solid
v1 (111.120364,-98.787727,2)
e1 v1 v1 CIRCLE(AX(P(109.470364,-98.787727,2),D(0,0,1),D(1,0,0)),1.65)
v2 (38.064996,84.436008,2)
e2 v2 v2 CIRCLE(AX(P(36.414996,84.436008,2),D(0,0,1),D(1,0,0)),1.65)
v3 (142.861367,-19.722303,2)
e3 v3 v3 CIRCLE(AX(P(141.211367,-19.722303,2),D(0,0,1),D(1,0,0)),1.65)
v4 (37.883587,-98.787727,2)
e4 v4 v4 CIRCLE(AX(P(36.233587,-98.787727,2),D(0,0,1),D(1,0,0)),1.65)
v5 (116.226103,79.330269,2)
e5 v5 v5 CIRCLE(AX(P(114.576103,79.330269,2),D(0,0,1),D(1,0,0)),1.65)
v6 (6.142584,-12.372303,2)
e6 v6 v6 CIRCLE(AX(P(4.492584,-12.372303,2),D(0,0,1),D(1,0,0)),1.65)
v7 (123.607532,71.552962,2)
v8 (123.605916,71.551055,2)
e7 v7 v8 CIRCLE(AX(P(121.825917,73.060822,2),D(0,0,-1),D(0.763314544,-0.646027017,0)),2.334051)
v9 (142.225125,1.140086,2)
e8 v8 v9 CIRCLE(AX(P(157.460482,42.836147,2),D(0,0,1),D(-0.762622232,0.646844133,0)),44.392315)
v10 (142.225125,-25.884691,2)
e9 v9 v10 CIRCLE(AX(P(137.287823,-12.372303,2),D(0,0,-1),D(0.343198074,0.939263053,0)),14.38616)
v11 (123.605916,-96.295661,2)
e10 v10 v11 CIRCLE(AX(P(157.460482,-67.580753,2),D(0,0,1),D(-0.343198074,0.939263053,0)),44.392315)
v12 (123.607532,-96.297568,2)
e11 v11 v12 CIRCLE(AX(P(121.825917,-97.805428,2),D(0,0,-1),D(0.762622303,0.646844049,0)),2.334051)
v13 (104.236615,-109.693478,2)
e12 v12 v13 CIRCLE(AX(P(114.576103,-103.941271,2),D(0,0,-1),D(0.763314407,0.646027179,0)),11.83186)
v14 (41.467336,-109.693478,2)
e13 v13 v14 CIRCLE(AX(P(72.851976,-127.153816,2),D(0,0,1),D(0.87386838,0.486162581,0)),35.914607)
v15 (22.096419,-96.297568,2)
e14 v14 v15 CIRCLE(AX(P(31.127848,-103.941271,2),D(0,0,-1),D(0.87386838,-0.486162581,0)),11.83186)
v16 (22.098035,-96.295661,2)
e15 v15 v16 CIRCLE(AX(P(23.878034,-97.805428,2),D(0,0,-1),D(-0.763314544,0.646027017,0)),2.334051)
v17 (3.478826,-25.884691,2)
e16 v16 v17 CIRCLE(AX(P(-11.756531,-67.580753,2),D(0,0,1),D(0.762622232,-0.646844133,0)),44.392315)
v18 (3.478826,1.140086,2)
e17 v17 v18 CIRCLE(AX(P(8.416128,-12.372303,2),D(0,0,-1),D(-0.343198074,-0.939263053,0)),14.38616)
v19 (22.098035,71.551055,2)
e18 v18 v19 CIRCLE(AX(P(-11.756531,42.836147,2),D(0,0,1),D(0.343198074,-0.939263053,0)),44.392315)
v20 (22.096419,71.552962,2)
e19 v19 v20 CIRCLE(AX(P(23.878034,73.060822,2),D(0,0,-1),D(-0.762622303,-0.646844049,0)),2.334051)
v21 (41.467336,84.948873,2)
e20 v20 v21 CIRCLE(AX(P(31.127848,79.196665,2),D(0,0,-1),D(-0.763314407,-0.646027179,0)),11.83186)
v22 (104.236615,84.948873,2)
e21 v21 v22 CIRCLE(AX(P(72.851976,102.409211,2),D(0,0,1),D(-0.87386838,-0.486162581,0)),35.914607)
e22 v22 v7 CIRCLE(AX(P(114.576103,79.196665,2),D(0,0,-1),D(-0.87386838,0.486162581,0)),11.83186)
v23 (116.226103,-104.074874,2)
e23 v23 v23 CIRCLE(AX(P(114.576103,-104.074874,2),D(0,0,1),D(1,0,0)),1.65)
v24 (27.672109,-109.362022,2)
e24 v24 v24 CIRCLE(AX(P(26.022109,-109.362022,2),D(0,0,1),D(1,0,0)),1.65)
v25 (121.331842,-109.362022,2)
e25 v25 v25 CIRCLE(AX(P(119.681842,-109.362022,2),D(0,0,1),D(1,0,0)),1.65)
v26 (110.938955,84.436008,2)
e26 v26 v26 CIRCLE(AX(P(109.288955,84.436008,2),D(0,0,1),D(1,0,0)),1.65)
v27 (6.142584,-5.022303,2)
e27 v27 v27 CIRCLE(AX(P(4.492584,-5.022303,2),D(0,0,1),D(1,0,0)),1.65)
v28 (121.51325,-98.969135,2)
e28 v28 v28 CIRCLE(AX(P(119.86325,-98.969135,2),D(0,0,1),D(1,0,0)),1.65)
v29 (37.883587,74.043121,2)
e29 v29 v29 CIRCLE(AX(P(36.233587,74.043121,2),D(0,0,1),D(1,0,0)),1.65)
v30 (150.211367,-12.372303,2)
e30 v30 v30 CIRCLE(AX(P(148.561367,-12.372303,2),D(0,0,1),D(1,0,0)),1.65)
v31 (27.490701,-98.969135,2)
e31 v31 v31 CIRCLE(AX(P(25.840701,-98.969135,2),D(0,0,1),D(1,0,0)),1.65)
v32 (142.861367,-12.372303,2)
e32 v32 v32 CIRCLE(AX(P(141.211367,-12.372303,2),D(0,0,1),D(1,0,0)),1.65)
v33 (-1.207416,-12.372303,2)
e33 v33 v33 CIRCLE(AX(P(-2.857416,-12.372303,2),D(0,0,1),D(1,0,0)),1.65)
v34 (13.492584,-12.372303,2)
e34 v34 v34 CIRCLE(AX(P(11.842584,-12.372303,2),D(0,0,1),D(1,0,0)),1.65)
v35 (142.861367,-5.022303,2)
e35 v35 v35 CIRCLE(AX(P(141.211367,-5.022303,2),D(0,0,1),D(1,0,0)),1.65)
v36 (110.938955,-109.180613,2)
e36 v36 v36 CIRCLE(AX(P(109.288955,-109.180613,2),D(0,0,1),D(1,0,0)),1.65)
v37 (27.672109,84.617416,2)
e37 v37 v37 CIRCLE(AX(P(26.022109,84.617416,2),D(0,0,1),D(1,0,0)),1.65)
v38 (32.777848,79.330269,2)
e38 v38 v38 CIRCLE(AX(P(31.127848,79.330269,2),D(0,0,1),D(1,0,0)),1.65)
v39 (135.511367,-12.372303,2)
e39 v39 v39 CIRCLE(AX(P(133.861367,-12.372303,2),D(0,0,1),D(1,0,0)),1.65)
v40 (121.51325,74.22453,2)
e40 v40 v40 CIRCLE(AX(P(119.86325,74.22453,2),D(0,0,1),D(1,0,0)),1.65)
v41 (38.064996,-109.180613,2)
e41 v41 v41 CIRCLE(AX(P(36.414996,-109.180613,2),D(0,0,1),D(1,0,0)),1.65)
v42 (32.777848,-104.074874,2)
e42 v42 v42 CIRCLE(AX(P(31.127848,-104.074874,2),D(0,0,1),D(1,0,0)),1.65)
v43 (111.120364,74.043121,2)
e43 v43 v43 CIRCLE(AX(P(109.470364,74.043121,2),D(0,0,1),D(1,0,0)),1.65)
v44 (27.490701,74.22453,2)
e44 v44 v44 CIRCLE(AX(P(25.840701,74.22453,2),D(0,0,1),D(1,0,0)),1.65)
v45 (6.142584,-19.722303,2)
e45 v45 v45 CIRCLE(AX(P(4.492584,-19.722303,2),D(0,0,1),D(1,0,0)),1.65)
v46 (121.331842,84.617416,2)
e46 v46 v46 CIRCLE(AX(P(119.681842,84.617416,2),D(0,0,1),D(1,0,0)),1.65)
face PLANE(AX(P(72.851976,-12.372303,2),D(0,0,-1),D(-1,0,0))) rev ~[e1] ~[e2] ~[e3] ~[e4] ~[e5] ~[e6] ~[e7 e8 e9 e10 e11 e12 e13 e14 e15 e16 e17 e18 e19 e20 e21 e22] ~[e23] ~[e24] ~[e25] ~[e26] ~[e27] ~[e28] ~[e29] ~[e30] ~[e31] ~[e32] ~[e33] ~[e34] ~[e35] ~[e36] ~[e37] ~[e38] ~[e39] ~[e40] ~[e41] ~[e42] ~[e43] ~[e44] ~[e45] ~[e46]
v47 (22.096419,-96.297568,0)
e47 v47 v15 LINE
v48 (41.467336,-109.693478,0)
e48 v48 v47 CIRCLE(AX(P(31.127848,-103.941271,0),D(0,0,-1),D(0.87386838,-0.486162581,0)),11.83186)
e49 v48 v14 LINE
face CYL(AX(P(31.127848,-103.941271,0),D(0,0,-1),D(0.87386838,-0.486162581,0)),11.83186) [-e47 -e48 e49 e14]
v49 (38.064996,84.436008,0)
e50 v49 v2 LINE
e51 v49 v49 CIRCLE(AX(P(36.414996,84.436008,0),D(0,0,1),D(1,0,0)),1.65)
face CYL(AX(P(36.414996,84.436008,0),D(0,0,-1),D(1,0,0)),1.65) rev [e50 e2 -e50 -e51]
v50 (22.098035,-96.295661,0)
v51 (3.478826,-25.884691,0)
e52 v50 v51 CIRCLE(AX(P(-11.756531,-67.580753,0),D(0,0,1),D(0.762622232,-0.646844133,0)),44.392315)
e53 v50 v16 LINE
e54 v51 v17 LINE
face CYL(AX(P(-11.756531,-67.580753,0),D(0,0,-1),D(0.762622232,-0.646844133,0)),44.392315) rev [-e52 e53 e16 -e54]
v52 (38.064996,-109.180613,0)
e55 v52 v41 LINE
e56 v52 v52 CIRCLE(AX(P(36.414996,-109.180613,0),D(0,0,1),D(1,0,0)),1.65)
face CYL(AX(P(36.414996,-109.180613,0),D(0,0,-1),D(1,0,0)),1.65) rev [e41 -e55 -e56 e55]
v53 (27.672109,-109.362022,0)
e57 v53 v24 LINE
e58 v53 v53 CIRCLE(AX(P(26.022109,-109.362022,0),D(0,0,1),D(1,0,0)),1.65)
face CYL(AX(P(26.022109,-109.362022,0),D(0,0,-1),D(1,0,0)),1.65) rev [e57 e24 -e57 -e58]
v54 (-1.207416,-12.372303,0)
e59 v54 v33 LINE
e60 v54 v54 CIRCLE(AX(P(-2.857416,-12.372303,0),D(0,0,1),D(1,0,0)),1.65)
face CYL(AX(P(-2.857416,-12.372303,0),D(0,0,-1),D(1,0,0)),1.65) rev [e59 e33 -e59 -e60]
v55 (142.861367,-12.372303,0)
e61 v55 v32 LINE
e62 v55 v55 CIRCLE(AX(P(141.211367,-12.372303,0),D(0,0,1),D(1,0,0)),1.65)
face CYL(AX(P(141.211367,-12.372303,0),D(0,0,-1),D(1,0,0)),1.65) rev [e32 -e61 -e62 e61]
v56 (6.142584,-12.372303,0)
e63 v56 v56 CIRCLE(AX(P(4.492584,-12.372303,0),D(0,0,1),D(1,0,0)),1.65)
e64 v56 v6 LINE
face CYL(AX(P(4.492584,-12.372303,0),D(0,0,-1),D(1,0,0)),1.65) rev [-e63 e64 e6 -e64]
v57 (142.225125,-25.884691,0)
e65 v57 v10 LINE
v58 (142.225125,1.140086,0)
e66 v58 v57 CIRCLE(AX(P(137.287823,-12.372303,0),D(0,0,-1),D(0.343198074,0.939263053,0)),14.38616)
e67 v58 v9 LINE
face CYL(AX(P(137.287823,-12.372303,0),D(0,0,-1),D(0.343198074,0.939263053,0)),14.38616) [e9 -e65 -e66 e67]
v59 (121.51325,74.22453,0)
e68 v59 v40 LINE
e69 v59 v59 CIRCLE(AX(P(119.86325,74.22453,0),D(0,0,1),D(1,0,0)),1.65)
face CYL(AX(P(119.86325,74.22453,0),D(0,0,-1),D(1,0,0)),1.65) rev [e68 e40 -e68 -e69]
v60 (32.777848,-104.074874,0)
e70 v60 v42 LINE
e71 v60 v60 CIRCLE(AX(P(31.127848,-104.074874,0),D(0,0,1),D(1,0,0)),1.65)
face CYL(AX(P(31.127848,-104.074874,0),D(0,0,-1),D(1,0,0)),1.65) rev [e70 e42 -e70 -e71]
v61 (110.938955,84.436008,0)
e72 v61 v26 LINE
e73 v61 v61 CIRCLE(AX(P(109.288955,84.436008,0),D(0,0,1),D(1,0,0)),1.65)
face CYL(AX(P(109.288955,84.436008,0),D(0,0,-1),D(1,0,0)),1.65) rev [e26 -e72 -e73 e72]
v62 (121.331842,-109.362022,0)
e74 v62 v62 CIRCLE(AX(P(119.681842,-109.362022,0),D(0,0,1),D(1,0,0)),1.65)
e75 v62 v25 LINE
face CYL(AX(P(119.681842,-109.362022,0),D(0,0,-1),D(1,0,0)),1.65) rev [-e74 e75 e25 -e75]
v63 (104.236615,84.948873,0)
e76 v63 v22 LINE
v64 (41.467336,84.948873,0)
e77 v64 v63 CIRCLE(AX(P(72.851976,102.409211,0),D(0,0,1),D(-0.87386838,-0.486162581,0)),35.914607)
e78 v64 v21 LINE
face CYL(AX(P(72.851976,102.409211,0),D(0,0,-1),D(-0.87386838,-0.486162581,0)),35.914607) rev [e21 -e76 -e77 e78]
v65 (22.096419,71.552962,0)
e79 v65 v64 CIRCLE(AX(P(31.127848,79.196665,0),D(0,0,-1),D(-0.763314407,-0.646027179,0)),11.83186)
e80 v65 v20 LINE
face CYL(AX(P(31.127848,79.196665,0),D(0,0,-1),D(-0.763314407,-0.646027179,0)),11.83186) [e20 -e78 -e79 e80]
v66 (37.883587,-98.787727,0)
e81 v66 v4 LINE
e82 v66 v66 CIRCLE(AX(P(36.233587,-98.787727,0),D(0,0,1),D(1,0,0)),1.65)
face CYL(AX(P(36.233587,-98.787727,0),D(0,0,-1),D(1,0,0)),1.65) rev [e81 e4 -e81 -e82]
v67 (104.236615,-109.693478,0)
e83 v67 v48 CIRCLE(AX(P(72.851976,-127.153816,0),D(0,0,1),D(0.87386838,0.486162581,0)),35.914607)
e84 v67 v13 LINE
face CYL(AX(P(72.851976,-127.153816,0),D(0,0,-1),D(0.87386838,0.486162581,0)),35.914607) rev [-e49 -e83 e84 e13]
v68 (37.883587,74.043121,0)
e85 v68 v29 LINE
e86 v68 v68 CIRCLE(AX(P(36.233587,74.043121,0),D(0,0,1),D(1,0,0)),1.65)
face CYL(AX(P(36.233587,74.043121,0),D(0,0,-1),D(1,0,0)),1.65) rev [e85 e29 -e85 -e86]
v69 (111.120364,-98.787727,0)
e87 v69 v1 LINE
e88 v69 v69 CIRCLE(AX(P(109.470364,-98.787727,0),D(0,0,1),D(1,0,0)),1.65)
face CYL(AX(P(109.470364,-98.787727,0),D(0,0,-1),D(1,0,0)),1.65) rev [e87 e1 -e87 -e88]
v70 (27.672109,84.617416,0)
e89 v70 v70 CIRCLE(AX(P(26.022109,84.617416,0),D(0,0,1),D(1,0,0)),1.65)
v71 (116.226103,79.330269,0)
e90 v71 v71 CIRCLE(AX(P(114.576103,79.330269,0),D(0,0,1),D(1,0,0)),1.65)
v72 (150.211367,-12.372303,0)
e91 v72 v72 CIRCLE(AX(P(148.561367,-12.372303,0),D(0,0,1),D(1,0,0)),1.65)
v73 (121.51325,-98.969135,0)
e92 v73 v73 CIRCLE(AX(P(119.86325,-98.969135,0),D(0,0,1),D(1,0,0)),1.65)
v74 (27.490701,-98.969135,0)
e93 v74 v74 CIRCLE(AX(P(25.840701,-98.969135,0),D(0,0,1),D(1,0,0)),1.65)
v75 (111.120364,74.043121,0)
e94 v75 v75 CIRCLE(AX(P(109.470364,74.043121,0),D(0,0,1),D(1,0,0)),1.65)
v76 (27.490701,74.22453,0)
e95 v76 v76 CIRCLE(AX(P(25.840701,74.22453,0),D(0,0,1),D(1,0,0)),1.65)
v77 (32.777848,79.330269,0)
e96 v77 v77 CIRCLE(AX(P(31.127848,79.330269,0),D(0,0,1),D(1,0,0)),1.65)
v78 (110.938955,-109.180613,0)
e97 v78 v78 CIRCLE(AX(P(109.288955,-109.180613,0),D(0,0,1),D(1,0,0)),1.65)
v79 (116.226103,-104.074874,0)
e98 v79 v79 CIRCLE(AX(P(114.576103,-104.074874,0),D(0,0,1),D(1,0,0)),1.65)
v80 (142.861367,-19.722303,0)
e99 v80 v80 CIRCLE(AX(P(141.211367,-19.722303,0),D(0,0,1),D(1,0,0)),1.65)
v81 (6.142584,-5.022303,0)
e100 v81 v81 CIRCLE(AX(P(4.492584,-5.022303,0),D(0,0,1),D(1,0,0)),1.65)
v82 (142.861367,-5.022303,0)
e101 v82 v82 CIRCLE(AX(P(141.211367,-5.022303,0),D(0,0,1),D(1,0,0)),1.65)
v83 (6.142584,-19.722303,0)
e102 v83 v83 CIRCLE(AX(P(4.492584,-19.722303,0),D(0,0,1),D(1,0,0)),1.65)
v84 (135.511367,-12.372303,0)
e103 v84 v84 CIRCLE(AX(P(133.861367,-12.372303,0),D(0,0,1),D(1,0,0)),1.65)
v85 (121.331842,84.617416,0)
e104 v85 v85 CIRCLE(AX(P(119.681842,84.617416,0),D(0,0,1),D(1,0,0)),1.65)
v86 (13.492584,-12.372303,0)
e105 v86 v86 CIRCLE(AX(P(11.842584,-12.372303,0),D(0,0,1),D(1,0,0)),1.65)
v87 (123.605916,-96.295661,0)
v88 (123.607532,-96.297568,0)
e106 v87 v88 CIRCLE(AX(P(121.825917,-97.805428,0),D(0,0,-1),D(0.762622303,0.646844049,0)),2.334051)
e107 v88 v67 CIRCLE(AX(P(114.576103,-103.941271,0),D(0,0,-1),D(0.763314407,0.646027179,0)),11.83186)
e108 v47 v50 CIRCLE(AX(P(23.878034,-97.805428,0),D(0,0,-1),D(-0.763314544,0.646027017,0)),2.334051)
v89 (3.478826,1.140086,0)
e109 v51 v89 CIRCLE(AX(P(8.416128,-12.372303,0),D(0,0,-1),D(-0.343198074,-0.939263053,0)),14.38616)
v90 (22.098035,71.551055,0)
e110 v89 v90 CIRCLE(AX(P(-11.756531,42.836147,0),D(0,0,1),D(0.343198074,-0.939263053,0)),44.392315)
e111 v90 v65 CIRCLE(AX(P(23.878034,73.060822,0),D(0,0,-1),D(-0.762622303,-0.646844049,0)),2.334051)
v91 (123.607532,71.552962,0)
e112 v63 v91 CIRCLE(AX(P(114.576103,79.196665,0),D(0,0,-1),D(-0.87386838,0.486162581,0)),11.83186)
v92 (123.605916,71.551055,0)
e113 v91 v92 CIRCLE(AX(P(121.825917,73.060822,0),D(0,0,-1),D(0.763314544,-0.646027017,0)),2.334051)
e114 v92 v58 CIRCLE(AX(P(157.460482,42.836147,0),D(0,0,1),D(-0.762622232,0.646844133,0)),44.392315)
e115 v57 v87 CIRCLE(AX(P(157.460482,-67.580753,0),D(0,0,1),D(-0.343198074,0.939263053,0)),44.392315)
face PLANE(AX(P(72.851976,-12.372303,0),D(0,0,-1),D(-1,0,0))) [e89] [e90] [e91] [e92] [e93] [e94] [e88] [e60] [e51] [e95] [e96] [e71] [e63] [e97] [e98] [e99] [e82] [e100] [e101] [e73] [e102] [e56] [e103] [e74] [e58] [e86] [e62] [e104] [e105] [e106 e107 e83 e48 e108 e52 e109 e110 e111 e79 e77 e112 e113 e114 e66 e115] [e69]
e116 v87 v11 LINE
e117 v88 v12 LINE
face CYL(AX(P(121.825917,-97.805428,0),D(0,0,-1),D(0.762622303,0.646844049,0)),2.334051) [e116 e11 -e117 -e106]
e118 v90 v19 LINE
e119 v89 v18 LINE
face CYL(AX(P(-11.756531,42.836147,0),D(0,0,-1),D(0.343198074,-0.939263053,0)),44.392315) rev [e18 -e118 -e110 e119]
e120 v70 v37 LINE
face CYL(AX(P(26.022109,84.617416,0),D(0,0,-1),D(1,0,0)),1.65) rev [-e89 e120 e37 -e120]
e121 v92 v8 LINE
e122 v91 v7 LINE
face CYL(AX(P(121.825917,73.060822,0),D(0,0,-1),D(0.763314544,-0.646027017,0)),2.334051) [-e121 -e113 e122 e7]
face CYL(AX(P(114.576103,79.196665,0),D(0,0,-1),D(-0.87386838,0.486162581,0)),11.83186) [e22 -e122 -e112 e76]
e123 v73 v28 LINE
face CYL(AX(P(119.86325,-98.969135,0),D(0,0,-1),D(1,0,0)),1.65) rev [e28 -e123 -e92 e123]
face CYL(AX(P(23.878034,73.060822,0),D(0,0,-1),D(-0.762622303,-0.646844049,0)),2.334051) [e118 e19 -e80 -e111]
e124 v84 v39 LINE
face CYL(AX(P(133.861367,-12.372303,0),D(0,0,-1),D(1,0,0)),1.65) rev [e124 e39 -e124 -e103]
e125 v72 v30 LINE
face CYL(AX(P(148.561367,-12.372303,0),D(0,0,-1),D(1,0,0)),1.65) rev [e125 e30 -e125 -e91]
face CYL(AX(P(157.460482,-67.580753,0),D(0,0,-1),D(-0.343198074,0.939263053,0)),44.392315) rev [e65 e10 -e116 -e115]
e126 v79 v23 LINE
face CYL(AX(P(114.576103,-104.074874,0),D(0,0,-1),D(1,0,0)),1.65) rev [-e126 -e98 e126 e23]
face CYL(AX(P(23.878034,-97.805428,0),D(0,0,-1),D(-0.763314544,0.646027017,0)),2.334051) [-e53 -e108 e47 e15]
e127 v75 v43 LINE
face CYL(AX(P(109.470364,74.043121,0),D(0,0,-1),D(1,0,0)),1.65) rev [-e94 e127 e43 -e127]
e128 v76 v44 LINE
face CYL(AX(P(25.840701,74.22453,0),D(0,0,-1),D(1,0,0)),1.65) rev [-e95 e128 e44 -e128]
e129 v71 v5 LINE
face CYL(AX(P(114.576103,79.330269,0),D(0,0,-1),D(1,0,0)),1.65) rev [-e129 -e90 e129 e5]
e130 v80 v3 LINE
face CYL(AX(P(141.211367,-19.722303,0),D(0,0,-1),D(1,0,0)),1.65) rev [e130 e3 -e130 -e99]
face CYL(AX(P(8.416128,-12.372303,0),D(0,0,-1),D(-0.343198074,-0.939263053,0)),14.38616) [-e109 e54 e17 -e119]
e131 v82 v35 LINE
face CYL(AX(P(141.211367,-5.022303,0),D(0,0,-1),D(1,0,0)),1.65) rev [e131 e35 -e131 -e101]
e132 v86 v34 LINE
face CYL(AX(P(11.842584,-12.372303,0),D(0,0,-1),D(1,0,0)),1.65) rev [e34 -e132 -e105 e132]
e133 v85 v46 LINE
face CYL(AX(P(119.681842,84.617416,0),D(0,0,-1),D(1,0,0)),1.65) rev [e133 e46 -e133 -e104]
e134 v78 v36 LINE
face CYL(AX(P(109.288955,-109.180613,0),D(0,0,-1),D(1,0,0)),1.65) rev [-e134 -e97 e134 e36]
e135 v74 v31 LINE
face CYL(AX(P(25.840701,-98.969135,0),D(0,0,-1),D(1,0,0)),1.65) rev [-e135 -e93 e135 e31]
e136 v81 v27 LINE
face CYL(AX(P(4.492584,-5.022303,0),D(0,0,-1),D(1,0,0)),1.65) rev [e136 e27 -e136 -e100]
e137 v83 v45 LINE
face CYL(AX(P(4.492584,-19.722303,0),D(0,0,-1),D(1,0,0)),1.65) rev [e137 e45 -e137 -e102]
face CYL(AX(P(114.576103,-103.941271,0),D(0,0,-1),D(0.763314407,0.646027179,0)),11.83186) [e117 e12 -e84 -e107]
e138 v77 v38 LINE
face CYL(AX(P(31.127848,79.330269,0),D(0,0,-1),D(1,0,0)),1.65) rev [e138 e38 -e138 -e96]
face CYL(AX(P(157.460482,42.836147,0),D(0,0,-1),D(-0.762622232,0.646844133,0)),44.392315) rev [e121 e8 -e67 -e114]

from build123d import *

# Parameters (mm, degrees)
SKETCH_1_R      = 1.65
EXTRUDE_1_DEPTH = 2


with BuildPart() as part:
    # 草图1 → 凸台-拉伸1 (new body)
    with BuildSketch(Plane.XY):
        with BuildLine():
            ThreePointArc((3.478825803, 1.140085793), (31.160613474, 31.487300358), (22.098035111, 71.551055473))
            ThreePointArc((22.098035111, 71.551055473), (22.097226992, 71.552008754), (22.096419384, 71.552962467))
            ThreePointArc((22.096419384, 71.552962467), (24.398037137, 88.92818843), (41.467336112, 84.948872654))
            ThreePointArc((41.467336112, 84.948872654), (72.85197551, 66.494603701), (104.236614907, 84.948872654))
            ThreePointArc((104.236614907, 84.948872654), (121.305913882, 88.92818843), (123.607531636, 71.552962467))
            ThreePointArc((123.607531636, 71.552962467), (123.606724028, 71.552008754), (123.605915909, 71.551055473))
            ThreePointArc((123.605915909, 71.551055473), (114.543337545, 31.487300358), (142.225125217, 1.140085793))
            ThreePointArc((142.225125217, 1.140085793), (151.67398287, -12.372302839), (142.225125217, -25.884691472))
            ThreePointArc((142.225125217, -25.884691472), (114.543337545, -56.231906037), (123.605915909, -96.295661152))
            ThreePointArc((123.605915909, -96.295661152), (123.606724028, -96.296614433), (123.607531636, -96.297568146))
            ThreePointArc((123.607531636, -96.297568146), (121.305913882, -113.672794108), (104.236614907, -109.693478333))
            ThreePointArc((104.236614907, -109.693478333), (72.85197551, -91.23920938), (41.467336112, -109.693478333))
            ThreePointArc((41.467336112, -109.693478333), (24.398037137, -113.672794108), (22.096419384, -96.297568146))
            ThreePointArc((22.096419384, -96.297568146), (22.097226992, -96.296614433), (22.098035111, -96.295661152))
            ThreePointArc((22.098035111, -96.295661152), (31.160613474, -56.231906037), (3.478825803, -25.884691472))
            ThreePointArc((3.478825803, -25.884691472), (-5.97003185, -12.372302839), (3.478825803, 1.140085793))
        make_face()
        with Locations((11.842583941, -12.372302839)):
            Circle(SKETCH_1_R, mode=Mode.SUBTRACT)
        with Locations((119.681841833, 84.617416188)):
            Circle(SKETCH_1_R, mode=Mode.SUBTRACT)
        with Locations((36.414995742, 84.436007679)):
            Circle(SKETCH_1_R, mode=Mode.SUBTRACT)
        with Locations((36.233587233, 74.043121123)):
            Circle(SKETCH_1_R, mode=Mode.SUBTRACT)
        with Locations((4.492583941, -19.722302839)):
            Circle(SKETCH_1_R, mode=Mode.SUBTRACT)
        with Locations((114.57610281, 79.330268656)):
            Circle(SKETCH_1_R, mode=Mode.SUBTRACT)
        with Locations((119.863250342, 74.224529633)):
            Circle(SKETCH_1_R, mode=Mode.SUBTRACT)
        with Locations((141.211367078, -5.022302839)):
            Circle(SKETCH_1_R, mode=Mode.SUBTRACT)
        with Locations((109.470363787, 74.043121123)):
            Circle(SKETCH_1_R, mode=Mode.SUBTRACT)
        with Locations((148.561367078, -12.372302839)):
            Circle(SKETCH_1_R, mode=Mode.SUBTRACT)
        with Locations((141.211367078, -19.722302839)):
            Circle(SKETCH_1_R, mode=Mode.SUBTRACT)
        with Locations((141.211367078, -12.372302839)):
            Circle(SKETCH_1_R, mode=Mode.SUBTRACT)
        with Locations((109.288955277, 84.436007679)):
            Circle(SKETCH_1_R, mode=Mode.SUBTRACT)
        with Locations((133.861367078, -12.372302839)):
            Circle(SKETCH_1_R, mode=Mode.SUBTRACT)
        with Locations((4.492583941, -5.022302839)):
            Circle(SKETCH_1_R, mode=Mode.SUBTRACT)
        with Locations((26.022109187, -109.362021867)):
            Circle(SKETCH_1_R, mode=Mode.SUBTRACT)
        with Locations((31.12784821, -104.074874334)):
            Circle(SKETCH_1_R, mode=Mode.SUBTRACT)
        with Locations((25.840700677, -98.969135312)):
            Circle(SKETCH_1_R, mode=Mode.SUBTRACT)
        with Locations((25.840700677, 74.224529633)):
            Circle(SKETCH_1_R, mode=Mode.SUBTRACT)
        with Locations((31.12784821, 79.330268656)):
            Circle(SKETCH_1_R, mode=Mode.SUBTRACT)
        with Locations((26.022109187, 84.617416188)):
            Circle(SKETCH_1_R, mode=Mode.SUBTRACT)
        with Locations((109.288955277, -109.180613357)):
            Circle(SKETCH_1_R, mode=Mode.SUBTRACT)
        with Locations((109.470363787, -98.787726802)):
            Circle(SKETCH_1_R, mode=Mode.SUBTRACT)
        with Locations((119.863250342, -98.969135312)):
            Circle(SKETCH_1_R, mode=Mode.SUBTRACT)
        with Locations((114.57610281, -104.074874334)):
            Circle(SKETCH_1_R, mode=Mode.SUBTRACT)
        with Locations((36.233587233, -98.787726802)):
            Circle(SKETCH_1_R, mode=Mode.SUBTRACT)
        with Locations((36.414995742, -109.180613357)):
            Circle(SKETCH_1_R, mode=Mode.SUBTRACT)
        with Locations((119.681841833, -109.362021867)):
            Circle(SKETCH_1_R, mode=Mode.SUBTRACT)
        with Locations((-2.857416059, -12.372302839)):
            Circle(SKETCH_1_R, mode=Mode.SUBTRACT)
        with Locations((4.492583941, -12.372302839)):
            Circle(SKETCH_1_R, mode=Mode.SUBTRACT)
    extrude(amount=EXTRUDE_1_DEPTH)


solid = part.part
